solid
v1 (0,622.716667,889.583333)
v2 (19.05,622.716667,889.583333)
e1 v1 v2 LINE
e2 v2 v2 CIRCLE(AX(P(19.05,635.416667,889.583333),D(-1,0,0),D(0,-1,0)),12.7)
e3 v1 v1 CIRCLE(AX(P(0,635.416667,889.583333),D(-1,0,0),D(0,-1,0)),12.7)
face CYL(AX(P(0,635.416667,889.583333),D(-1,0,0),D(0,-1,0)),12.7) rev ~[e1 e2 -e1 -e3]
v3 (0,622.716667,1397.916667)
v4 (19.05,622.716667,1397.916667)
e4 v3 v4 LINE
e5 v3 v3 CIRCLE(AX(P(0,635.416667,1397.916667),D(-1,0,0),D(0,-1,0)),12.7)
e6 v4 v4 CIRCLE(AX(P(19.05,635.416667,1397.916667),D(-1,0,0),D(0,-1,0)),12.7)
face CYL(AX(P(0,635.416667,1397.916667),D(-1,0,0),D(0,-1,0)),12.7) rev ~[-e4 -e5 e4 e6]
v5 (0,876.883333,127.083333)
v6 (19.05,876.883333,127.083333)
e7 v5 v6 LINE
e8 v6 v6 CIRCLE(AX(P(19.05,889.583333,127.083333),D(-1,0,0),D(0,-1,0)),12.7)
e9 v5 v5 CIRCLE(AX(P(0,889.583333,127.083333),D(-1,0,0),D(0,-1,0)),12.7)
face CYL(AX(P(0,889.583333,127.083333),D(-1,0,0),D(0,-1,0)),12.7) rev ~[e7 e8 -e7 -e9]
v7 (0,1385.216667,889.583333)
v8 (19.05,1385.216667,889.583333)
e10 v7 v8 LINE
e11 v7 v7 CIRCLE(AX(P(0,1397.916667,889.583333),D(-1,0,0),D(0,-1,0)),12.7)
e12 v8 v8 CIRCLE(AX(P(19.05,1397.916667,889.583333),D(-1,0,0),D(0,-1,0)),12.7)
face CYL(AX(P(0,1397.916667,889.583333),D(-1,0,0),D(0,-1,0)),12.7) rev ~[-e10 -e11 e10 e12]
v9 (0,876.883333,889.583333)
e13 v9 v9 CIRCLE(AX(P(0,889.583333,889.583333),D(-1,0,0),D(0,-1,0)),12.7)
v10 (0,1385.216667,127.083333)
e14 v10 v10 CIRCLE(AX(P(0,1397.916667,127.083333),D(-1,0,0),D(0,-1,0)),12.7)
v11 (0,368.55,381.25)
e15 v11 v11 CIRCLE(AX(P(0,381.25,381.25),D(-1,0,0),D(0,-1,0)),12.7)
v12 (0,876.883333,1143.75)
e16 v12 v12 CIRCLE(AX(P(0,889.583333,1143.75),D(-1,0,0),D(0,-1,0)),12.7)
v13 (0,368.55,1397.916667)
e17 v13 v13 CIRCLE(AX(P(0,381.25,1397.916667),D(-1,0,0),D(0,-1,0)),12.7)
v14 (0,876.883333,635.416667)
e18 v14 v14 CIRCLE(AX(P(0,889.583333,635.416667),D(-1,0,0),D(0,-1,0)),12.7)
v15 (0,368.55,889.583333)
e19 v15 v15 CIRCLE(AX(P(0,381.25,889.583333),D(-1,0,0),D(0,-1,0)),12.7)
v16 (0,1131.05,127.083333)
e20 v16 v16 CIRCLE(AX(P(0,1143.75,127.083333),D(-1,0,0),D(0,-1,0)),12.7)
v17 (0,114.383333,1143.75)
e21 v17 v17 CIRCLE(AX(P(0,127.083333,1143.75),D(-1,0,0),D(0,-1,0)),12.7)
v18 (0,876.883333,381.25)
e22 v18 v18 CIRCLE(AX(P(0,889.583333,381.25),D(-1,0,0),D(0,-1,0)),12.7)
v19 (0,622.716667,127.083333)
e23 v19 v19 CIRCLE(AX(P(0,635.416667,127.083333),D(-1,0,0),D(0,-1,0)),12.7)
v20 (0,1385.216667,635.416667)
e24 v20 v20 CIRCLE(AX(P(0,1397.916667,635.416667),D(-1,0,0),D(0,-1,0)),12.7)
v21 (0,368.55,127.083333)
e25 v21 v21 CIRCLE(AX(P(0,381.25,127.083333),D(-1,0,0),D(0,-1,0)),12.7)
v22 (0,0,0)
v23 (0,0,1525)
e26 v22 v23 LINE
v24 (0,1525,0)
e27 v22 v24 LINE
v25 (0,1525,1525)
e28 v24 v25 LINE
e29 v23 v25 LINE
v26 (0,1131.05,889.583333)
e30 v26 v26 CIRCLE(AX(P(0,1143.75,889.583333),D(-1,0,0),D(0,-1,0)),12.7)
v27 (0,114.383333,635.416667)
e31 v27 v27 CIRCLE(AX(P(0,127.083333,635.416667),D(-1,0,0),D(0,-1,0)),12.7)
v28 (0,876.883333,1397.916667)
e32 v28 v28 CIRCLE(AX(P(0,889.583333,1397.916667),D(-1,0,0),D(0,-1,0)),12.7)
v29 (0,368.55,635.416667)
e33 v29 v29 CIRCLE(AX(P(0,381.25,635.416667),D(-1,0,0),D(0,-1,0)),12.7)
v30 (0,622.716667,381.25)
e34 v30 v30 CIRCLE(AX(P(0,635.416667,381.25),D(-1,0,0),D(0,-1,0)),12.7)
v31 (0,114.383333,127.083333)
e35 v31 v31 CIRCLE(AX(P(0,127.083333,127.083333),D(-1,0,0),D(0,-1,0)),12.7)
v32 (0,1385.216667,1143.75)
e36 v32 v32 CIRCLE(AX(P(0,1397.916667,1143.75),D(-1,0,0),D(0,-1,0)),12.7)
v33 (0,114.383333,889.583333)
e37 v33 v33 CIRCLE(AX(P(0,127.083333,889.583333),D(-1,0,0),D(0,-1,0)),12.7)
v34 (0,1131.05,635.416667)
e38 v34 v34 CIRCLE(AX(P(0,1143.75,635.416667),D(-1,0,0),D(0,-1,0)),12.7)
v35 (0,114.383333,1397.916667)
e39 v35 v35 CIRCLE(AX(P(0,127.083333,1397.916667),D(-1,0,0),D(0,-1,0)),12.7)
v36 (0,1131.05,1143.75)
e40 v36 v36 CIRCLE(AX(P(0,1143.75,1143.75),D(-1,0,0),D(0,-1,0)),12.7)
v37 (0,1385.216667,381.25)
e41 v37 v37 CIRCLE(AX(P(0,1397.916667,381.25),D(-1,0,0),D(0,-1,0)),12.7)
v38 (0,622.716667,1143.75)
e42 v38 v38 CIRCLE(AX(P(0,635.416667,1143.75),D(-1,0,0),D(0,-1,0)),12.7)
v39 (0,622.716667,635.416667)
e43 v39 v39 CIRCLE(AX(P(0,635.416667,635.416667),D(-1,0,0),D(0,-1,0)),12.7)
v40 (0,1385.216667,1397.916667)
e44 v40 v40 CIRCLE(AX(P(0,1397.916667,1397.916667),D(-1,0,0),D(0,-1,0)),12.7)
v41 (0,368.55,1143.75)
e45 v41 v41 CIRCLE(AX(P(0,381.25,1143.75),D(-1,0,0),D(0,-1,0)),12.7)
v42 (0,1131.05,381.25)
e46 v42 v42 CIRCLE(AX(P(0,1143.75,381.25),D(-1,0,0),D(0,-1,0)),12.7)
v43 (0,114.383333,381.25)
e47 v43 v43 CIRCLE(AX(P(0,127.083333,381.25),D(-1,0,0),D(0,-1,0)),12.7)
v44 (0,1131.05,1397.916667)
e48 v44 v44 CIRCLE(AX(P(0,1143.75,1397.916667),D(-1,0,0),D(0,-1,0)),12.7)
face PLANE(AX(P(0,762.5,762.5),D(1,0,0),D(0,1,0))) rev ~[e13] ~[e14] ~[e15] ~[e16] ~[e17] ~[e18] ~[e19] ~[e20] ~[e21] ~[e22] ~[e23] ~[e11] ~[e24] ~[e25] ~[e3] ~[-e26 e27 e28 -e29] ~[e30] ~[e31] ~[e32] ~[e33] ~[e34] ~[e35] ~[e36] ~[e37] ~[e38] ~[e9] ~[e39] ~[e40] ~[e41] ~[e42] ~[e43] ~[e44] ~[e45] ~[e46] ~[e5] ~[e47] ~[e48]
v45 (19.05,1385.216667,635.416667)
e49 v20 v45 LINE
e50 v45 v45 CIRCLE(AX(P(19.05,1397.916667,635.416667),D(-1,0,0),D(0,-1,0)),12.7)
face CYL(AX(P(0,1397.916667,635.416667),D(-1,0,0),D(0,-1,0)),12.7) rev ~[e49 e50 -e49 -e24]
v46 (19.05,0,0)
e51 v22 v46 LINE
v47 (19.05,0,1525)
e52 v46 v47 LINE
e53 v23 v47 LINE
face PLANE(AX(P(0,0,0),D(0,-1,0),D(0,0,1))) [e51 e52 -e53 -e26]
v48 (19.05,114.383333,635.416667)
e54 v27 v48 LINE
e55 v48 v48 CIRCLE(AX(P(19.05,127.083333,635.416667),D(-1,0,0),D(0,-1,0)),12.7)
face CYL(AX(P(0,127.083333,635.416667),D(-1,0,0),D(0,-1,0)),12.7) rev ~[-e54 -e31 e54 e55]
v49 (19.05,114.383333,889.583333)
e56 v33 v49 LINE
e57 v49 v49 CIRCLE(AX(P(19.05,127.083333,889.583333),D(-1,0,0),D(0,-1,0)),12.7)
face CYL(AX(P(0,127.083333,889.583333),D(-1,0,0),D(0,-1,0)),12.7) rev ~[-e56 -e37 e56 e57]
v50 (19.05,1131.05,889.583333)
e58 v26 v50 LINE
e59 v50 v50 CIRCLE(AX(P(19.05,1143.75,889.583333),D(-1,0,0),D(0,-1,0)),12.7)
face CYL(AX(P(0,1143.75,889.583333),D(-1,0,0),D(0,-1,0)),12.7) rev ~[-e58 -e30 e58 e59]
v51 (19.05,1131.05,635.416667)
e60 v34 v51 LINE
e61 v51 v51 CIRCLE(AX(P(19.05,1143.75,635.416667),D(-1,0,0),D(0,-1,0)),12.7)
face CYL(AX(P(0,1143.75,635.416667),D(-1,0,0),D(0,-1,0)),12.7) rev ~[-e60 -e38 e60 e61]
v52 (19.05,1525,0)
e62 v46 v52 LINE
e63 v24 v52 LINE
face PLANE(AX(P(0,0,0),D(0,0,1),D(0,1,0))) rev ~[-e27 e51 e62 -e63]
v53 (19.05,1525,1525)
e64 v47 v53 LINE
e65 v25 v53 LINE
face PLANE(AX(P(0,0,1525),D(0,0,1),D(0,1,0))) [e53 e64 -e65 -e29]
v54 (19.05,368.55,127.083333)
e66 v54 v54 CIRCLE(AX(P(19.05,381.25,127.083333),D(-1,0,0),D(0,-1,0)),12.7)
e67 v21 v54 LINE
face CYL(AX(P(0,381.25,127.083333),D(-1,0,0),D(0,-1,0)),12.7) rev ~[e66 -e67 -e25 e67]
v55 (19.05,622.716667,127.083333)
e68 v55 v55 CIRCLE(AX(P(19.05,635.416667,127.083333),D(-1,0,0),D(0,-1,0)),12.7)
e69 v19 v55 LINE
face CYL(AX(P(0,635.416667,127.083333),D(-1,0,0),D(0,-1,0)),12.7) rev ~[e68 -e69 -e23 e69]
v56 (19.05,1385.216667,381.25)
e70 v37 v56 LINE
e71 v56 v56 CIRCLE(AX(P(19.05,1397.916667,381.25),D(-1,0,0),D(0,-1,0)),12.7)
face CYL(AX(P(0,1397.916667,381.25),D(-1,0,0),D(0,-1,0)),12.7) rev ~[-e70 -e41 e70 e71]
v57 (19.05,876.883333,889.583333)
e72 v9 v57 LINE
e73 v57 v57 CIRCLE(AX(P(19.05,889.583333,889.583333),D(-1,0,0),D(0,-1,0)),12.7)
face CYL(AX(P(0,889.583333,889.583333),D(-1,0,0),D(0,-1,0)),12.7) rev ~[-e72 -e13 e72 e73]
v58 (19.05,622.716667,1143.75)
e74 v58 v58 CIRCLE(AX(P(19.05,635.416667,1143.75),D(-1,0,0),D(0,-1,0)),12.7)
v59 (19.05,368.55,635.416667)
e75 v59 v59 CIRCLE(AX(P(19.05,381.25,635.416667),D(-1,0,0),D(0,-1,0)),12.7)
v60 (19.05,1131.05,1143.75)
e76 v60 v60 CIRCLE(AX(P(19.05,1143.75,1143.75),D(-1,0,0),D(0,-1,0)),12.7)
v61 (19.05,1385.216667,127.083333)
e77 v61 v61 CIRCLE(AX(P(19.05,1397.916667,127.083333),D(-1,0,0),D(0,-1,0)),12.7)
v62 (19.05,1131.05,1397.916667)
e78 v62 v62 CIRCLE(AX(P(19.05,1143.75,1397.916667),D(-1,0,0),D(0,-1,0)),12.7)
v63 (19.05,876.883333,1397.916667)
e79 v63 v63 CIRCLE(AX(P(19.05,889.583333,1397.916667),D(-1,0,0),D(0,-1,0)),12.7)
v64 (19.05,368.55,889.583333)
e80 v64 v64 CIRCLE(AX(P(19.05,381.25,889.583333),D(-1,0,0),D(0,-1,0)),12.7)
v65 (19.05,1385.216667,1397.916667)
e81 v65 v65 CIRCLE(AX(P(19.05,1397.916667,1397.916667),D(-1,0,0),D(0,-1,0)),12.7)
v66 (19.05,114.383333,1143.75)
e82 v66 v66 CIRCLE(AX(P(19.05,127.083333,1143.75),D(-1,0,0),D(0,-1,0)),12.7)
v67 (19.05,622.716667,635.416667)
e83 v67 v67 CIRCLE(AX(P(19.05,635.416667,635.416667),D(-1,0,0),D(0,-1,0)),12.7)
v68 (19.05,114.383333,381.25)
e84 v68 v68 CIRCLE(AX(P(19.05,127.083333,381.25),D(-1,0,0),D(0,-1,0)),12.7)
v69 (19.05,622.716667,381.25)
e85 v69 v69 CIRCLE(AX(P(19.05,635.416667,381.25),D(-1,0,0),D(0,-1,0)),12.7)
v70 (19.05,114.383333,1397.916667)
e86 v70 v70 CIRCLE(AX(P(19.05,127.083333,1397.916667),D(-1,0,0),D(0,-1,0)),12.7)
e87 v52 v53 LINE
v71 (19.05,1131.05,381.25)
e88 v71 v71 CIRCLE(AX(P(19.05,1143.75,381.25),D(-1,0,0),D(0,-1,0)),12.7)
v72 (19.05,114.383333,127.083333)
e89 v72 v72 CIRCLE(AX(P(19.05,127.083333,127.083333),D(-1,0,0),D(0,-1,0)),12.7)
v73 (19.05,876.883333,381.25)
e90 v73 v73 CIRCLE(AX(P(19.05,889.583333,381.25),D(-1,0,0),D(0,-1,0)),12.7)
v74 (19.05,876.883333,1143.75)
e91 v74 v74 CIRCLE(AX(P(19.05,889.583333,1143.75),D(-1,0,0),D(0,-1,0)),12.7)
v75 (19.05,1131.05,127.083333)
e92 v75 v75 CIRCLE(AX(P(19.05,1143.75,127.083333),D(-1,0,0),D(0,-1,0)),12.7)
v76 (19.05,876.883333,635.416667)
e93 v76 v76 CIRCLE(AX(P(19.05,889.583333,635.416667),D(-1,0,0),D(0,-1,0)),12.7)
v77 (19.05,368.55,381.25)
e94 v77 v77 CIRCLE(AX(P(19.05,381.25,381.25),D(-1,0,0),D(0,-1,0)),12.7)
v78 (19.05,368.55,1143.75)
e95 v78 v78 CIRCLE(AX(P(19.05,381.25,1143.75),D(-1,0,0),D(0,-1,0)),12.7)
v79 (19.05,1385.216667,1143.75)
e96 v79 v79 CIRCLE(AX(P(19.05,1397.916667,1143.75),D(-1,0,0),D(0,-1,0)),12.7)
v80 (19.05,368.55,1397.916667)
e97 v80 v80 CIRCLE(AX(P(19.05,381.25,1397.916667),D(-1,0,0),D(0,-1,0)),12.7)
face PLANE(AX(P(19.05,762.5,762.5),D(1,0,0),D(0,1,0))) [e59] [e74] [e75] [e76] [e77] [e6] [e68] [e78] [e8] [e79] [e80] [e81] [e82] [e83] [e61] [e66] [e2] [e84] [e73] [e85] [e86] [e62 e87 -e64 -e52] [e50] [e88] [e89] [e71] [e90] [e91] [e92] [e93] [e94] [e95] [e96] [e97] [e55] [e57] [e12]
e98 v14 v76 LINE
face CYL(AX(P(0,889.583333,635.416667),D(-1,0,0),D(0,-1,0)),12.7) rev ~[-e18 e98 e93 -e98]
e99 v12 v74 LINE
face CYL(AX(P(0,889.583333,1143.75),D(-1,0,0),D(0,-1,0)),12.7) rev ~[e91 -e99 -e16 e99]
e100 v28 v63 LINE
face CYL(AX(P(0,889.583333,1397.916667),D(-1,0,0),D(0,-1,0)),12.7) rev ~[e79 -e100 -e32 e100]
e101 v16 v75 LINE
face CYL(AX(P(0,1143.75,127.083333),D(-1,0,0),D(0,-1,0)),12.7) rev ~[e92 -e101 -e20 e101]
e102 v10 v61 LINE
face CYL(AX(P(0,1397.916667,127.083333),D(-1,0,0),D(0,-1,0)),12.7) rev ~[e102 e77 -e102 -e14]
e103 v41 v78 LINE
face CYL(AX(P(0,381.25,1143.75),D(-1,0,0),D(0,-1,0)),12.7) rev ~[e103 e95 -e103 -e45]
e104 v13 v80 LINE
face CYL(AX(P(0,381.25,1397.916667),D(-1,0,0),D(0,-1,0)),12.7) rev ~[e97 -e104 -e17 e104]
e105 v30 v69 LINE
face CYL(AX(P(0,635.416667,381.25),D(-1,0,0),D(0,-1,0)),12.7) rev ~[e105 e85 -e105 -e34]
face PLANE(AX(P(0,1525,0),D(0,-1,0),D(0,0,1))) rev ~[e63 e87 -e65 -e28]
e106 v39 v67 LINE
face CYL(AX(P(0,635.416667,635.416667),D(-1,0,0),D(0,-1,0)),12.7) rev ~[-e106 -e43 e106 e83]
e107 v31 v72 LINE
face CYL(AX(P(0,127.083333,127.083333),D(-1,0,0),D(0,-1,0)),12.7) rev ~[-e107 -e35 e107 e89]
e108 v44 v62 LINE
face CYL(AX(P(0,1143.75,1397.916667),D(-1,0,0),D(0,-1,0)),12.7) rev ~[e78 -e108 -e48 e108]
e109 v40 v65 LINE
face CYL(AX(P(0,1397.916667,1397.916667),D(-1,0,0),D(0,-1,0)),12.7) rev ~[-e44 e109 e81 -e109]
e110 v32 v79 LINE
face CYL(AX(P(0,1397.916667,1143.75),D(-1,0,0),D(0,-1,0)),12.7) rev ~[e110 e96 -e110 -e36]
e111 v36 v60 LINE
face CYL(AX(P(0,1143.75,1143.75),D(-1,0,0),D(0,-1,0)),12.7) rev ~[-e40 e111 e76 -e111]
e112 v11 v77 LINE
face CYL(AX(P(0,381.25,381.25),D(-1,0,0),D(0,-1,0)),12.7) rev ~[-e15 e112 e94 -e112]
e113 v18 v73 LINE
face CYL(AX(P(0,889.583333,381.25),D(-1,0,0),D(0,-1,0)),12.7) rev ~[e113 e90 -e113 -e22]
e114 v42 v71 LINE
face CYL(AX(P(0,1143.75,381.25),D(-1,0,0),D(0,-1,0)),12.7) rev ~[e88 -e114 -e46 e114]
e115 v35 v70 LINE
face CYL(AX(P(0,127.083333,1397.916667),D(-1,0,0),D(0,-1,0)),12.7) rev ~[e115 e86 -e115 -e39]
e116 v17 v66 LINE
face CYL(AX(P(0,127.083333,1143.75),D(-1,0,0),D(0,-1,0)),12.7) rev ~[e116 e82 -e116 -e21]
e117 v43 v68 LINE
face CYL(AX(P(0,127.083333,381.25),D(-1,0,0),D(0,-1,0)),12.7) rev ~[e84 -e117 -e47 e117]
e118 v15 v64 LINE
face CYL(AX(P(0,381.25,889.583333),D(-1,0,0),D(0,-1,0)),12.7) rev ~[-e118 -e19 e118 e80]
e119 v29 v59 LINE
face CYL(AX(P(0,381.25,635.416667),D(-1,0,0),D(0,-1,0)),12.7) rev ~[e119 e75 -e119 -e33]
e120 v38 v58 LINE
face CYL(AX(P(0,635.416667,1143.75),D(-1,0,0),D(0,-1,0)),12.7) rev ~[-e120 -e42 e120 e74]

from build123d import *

# Parameters (mm, degrees)
F0_W          = 1525
F0_H          = 1525
F1_DEPTH      = 19.05
F2_R          = 12.7
F3_DEPTH      = 381
F3_DEPTH_BACK = 25.4


with BuildPart() as f1:
    # F0 (on Right) → F1 (new body)
    with BuildSketch(Plane.YZ):
        with Locations((762.5, 762.5)):
            Rectangle(F0_W, F0_H)
    extrude(amount=F1_DEPTH)

    # F2 (on face) → F3 (cut, two sides)
    with BuildSketch(Plane(origin=(0, 0, 0), x_dir=(0, -1, 0), z_dir=(-1, 0, 0))) as f3_sk:
        with Locations((-1397.916667, 1397.916667)):
            Circle(F2_R)
        with Locations((-1397.916667, 1143.75)):
            Circle(F2_R)
        with Locations((-1397.916667, 889.583333)):
            Circle(F2_R)
        with Locations((-1397.916667, 635.416667)):
            Circle(F2_R)
        with Locations((-1397.916667, 381.25)):
            Circle(F2_R)
        with Locations((-1397.916667, 127.083333)):
            Circle(F2_R)
        with Locations((-1143.75, 1397.916667)):
            Circle(F2_R)
        with Locations((-1143.75, 1143.75)):
            Circle(F2_R)
        with Locations((-1143.75, 889.583333)):
            Circle(F2_R)
        with Locations((-1143.75, 635.416667)):
            Circle(F2_R)
        with Locations((-1143.75, 381.25)):
            Circle(F2_R)
        with Locations((-1143.75, 127.083333)):
            Circle(F2_R)
        with Locations((-889.583333, 1397.916667)):
            Circle(F2_R)
        with Locations((-889.583333, 1143.75)):
            Circle(F2_R)
        with Locations((-889.583333, 889.583333)):
            Circle(F2_R)
        with Locations((-889.583333, 635.416667)):
            Circle(F2_R)
        with Locations((-889.583333, 381.25)):
            Circle(F2_R)
        with Locations((-889.583333, 127.083333)):
            Circle(F2_R)
        with Locations((-635.416667, 1397.916667)):
            Circle(F2_R)
        with Locations((-635.416667, 1143.75)):
            Circle(F2_R)
        with Locations((-635.416667, 889.583333)):
            Circle(F2_R)
        with Locations((-635.416667, 635.416667)):
            Circle(F2_R)
        with Locations((-635.416667, 381.25)):
            Circle(F2_R)
        with Locations((-635.416667, 127.083333)):
            Circle(F2_R)
        with Locations((-381.25, 1397.916667)):
            Circle(F2_R)
        with Locations((-381.25, 1143.75)):
            Circle(F2_R)
        with Locations((-381.25, 889.583333)):
            Circle(F2_R)
        with Locations((-381.25, 635.416667)):
            Circle(F2_R)
        with Locations((-381.25, 381.25)):
            Circle(F2_R)
        with Locations((-381.25, 127.083333)):
            Circle(F2_R)
        with Locations((-127.083333, 1397.916667)):
            Circle(F2_R)
        with Locations((-127.083333, 1143.75)):
            Circle(F2_R)
        with Locations((-127.083333, 889.583333)):
            Circle(F2_R)
        with Locations((-127.083333, 635.416667)):
            Circle(F2_R)
        with Locations((-127.083333, 381.25)):
            Circle(F2_R)
        with Locations((-127.083333, 127.083333)):
            Circle(F2_R)
    extrude(amount=F3_DEPTH, mode=Mode.SUBTRACT)
    extrude(f3_sk.sketch, amount=-F3_DEPTH_BACK, mode=Mode.SUBTRACT)


solid = f1.part
